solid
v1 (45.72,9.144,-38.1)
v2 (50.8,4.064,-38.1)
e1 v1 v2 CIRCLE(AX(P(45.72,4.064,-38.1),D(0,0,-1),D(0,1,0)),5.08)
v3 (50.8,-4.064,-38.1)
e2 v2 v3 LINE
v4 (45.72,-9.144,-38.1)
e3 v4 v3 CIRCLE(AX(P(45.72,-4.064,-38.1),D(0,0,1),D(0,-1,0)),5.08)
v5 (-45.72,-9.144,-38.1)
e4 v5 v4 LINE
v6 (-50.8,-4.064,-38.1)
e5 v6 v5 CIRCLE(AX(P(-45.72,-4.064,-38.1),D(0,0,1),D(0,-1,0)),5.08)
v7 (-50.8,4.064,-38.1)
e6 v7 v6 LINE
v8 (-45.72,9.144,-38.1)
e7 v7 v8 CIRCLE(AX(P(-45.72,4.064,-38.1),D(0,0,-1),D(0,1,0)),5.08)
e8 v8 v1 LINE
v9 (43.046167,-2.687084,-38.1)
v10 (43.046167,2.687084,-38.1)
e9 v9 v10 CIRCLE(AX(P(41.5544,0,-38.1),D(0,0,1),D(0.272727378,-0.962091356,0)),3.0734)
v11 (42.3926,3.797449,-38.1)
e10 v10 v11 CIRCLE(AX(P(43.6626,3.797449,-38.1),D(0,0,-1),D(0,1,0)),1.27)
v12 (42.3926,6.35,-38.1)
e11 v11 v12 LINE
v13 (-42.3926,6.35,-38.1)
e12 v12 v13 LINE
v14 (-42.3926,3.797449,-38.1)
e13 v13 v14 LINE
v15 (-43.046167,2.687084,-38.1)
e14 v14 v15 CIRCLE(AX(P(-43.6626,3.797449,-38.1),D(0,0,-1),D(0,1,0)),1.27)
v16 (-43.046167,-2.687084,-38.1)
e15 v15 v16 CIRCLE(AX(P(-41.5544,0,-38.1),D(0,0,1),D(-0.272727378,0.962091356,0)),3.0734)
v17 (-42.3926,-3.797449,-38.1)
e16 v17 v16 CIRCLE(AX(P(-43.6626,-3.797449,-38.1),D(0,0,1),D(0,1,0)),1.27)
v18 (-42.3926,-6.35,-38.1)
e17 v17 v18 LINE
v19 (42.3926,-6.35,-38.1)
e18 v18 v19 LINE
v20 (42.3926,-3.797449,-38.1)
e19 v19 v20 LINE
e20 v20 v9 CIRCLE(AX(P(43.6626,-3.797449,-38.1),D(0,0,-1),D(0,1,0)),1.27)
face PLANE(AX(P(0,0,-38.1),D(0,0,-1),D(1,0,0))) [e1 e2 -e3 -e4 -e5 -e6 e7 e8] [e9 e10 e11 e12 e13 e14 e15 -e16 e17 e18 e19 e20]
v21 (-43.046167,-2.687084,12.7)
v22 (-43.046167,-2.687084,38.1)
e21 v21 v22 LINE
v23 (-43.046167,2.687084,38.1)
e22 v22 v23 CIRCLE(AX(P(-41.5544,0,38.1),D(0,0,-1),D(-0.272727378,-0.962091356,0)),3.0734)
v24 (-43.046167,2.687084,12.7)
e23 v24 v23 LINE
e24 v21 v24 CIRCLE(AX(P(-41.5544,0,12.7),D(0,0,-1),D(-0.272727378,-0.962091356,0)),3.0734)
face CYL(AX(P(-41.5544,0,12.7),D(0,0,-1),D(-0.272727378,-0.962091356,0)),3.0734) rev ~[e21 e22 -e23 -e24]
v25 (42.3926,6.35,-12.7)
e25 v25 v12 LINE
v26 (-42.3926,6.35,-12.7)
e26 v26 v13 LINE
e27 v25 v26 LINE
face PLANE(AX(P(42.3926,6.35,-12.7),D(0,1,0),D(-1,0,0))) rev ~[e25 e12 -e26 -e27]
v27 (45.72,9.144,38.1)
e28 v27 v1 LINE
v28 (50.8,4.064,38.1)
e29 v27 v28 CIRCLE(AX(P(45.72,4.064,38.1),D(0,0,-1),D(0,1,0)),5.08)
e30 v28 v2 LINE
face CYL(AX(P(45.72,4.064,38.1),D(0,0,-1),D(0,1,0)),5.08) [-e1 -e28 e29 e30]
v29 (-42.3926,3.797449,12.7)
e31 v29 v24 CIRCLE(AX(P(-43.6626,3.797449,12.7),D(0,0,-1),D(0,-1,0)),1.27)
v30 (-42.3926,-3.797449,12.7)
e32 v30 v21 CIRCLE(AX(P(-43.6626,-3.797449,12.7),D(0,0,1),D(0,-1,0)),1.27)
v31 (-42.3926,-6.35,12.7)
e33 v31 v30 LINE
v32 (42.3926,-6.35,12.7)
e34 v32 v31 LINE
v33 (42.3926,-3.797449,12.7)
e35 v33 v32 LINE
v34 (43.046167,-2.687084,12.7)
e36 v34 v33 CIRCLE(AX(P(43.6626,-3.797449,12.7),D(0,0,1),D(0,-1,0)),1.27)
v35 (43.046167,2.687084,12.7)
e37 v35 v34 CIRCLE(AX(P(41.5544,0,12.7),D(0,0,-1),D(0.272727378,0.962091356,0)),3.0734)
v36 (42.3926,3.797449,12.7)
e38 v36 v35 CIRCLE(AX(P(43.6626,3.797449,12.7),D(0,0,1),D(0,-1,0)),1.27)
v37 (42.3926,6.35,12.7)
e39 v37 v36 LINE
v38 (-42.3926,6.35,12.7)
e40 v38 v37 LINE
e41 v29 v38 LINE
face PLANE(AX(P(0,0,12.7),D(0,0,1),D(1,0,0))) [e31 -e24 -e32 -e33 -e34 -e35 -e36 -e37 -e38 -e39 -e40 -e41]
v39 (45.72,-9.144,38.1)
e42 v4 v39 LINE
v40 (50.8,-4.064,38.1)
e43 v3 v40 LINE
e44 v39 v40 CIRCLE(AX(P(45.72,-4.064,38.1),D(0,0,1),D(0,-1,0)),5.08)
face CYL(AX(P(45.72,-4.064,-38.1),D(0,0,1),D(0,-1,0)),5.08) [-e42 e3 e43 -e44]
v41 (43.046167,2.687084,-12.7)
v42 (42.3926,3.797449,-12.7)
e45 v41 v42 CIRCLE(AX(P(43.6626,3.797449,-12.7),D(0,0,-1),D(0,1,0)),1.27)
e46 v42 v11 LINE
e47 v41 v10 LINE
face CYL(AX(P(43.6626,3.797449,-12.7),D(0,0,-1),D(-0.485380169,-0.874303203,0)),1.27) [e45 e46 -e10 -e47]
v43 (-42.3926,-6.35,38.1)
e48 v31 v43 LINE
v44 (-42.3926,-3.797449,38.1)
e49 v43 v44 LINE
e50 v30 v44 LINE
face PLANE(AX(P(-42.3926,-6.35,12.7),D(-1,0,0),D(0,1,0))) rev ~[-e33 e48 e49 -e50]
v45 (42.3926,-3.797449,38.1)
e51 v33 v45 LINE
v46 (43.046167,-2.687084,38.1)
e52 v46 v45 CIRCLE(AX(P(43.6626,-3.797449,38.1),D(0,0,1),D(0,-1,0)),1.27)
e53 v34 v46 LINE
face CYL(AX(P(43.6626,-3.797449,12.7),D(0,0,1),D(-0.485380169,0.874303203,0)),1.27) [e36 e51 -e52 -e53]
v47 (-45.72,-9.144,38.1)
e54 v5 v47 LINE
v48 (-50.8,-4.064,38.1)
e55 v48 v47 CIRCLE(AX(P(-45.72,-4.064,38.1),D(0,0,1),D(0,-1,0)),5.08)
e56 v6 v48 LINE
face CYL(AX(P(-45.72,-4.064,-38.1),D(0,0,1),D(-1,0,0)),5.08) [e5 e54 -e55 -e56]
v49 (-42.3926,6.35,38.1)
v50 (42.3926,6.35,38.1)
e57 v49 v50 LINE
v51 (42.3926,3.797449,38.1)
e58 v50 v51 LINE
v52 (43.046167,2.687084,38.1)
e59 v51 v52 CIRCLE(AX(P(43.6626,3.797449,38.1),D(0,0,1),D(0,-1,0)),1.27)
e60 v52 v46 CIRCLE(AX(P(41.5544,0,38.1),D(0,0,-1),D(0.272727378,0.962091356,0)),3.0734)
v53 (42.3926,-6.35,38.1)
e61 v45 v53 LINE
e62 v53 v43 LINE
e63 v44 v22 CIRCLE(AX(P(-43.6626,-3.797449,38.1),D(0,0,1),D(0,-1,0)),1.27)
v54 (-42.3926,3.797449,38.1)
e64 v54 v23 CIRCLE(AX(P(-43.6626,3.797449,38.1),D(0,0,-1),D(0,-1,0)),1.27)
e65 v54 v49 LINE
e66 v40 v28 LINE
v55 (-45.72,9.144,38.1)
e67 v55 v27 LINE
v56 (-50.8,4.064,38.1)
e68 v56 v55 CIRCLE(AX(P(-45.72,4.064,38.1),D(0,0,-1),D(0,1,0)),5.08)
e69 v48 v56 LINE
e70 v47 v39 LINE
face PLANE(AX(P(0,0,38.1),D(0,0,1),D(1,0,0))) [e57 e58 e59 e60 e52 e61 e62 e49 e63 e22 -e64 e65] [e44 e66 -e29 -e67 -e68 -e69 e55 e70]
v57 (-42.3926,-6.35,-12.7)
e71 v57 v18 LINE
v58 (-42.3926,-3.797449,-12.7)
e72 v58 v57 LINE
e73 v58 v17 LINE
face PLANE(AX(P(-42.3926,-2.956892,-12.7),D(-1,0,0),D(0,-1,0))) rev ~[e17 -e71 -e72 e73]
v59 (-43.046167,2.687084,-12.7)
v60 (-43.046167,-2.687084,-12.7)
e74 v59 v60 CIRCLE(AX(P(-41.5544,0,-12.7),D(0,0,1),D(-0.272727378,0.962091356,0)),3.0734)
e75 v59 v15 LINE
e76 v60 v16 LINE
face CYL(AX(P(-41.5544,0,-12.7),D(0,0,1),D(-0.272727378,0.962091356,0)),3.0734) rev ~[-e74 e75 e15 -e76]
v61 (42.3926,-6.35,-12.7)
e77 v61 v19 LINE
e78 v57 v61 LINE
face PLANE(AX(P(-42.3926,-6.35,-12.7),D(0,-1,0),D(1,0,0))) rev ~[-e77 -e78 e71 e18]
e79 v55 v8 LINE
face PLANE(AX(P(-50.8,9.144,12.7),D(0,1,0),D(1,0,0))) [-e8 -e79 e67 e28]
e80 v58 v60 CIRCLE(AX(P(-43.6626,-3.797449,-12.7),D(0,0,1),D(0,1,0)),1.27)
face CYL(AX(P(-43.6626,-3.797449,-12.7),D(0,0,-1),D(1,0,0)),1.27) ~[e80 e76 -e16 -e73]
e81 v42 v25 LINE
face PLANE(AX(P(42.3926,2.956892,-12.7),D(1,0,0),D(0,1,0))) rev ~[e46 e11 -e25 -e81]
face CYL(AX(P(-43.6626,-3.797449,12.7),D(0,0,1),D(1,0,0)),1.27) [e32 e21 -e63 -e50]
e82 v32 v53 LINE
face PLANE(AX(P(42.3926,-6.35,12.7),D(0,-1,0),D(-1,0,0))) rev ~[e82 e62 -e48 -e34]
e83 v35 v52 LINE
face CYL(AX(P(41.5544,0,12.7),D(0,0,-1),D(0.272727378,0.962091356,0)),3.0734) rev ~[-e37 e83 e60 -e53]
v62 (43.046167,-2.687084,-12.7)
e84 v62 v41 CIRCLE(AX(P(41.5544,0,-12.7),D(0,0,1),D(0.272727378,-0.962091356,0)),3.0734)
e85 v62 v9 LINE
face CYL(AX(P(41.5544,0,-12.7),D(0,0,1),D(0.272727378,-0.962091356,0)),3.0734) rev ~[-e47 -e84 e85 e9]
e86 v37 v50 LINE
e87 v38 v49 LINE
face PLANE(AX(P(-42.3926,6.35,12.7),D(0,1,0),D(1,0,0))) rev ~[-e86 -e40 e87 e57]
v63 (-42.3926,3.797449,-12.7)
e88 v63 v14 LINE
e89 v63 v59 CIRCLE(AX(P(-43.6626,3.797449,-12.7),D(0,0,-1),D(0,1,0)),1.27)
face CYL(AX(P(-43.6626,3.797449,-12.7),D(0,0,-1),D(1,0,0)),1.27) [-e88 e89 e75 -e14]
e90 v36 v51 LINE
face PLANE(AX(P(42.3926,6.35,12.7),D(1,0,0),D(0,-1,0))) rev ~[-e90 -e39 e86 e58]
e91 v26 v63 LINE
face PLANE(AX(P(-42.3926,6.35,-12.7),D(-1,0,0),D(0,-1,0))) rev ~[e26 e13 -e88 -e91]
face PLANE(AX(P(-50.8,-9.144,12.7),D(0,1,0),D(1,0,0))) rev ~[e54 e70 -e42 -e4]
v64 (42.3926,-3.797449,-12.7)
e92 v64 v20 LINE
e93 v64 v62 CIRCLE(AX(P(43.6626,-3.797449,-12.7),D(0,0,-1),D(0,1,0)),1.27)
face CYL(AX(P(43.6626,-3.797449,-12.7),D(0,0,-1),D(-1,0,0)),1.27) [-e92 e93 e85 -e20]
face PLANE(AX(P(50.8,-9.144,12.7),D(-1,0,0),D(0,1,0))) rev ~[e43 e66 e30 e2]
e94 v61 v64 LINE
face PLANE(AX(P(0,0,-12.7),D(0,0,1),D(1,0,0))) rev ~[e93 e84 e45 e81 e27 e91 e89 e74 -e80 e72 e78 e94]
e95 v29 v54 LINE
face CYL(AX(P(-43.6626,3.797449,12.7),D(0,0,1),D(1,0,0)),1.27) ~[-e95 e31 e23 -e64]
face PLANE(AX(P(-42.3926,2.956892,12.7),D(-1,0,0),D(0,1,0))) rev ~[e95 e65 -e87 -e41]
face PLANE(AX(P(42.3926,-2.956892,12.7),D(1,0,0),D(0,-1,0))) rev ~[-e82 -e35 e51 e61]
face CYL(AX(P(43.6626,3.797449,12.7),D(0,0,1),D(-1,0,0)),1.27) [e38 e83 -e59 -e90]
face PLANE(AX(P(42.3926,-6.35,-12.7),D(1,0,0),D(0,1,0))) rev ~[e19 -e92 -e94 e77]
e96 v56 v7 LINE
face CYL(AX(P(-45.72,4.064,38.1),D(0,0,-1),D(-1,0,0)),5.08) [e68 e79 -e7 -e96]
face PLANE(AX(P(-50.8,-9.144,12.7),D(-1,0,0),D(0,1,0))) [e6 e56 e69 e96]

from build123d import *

# Parameters (mm, degrees)
F0_W     = 101.6
F0_H     = 18.288
F1_DEPTH = 12.7
F2_W     = 101.6
F2_H     = 18.288
F4_DEPTH = 25.4
F3_W     = 101.6
F3_H     = 18.288
F5_DEPTH = 25.4
F6_R     = 1.27
F7_R     = 5.08


with BuildPart() as f1:
    # F0 (on Top) → F1 (new body, symmetric)
    with BuildSketch(Plane.XY):
        Rectangle(F0_W, F0_H)
    extrude(amount=F1_DEPTH, both=True)

    # F2 (on face) → F4 (join)
    with BuildSketch(Plane(origin=(0, 0, -12.7), x_dir=(1, 0, 0), z_dir=(0, 0, -1))):
        Rectangle(F2_W, F2_H)
        with BuildLine():
            Line((-42.3926, 2.956892), (-42.3926, 6.35))
            Line((-42.3926, 6.35), (42.3926, 6.35))
            Line((42.3926, 6.35), (42.3926, 2.956892))
            ThreePointArc((42.3926, 2.956892), (44.6278, 0), (42.3926, -2.956892))
            Line((42.3926, -2.956892), (42.3926, -6.35))
            Line((42.3926, -6.35), (-42.3926, -6.35))
            Line((-42.3926, -6.35), (-42.3926, -2.956892))
            ThreePointArc((-42.3926, -2.956892), (-44.6278, 0), (-42.3926, 2.956892))
        make_face(mode=Mode.SUBTRACT)
    extrude(amount=F4_DEPTH)

    # F3 (on face) → F5 (join)
    with BuildSketch(Plane.XY.offset(12.7)):
        Rectangle(F3_W, F3_H)
        with BuildLine():
            Line((-42.3926, 2.956892), (-42.3926, 6.35))
            Line((-42.3926, 6.35), (42.3926, 6.35))
            Line((42.3926, 6.35), (42.3926, 2.956892))
            ThreePointArc((42.3926, 2.956892), (44.6278, 0), (42.3926, -2.956892))
            Line((42.3926, -2.956892), (42.3926, -6.35))
            Line((42.3926, -6.35), (-42.3926, -6.35))
            Line((-42.3926, -6.35), (-42.3926, -2.956892))
            ThreePointArc((-42.3926, -2.956892), (-44.6278, 0), (-42.3926, 2.956892))
        make_face(mode=Mode.SUBTRACT)
    extrude(amount=F5_DEPTH)

    # F6
    f6_edges = [f1.edges().sort_by_distance(p)[0] for p in [
        (-42.3926, -2.956892, -25.4),
        (-42.3926, 2.956892, -25.4),
        (42.3926, -2.956892, -25.4),
        (42.3926, 2.956892, -25.4),
        (42.3926, -2.956892, 25.4),
        (42.3926, 2.956892, 25.4),
        (-42.3926, -2.956892, 25.4),
        (-42.3926, 2.956892, 25.4),
    ]]
    fillet(f6_edges, radius=F6_R)

    # F7
    f7_edges = [f1.edges().sort_by_distance(p)[0] for p in [
        (50.8, -9.144, 0),
        (50.8, 9.144, 0),
        (-50.8, -9.144, 0),
        (-50.8, 9.144, 0),
    ]]
    fillet(f7_edges, radius=F7_R)


solid = f1.part
